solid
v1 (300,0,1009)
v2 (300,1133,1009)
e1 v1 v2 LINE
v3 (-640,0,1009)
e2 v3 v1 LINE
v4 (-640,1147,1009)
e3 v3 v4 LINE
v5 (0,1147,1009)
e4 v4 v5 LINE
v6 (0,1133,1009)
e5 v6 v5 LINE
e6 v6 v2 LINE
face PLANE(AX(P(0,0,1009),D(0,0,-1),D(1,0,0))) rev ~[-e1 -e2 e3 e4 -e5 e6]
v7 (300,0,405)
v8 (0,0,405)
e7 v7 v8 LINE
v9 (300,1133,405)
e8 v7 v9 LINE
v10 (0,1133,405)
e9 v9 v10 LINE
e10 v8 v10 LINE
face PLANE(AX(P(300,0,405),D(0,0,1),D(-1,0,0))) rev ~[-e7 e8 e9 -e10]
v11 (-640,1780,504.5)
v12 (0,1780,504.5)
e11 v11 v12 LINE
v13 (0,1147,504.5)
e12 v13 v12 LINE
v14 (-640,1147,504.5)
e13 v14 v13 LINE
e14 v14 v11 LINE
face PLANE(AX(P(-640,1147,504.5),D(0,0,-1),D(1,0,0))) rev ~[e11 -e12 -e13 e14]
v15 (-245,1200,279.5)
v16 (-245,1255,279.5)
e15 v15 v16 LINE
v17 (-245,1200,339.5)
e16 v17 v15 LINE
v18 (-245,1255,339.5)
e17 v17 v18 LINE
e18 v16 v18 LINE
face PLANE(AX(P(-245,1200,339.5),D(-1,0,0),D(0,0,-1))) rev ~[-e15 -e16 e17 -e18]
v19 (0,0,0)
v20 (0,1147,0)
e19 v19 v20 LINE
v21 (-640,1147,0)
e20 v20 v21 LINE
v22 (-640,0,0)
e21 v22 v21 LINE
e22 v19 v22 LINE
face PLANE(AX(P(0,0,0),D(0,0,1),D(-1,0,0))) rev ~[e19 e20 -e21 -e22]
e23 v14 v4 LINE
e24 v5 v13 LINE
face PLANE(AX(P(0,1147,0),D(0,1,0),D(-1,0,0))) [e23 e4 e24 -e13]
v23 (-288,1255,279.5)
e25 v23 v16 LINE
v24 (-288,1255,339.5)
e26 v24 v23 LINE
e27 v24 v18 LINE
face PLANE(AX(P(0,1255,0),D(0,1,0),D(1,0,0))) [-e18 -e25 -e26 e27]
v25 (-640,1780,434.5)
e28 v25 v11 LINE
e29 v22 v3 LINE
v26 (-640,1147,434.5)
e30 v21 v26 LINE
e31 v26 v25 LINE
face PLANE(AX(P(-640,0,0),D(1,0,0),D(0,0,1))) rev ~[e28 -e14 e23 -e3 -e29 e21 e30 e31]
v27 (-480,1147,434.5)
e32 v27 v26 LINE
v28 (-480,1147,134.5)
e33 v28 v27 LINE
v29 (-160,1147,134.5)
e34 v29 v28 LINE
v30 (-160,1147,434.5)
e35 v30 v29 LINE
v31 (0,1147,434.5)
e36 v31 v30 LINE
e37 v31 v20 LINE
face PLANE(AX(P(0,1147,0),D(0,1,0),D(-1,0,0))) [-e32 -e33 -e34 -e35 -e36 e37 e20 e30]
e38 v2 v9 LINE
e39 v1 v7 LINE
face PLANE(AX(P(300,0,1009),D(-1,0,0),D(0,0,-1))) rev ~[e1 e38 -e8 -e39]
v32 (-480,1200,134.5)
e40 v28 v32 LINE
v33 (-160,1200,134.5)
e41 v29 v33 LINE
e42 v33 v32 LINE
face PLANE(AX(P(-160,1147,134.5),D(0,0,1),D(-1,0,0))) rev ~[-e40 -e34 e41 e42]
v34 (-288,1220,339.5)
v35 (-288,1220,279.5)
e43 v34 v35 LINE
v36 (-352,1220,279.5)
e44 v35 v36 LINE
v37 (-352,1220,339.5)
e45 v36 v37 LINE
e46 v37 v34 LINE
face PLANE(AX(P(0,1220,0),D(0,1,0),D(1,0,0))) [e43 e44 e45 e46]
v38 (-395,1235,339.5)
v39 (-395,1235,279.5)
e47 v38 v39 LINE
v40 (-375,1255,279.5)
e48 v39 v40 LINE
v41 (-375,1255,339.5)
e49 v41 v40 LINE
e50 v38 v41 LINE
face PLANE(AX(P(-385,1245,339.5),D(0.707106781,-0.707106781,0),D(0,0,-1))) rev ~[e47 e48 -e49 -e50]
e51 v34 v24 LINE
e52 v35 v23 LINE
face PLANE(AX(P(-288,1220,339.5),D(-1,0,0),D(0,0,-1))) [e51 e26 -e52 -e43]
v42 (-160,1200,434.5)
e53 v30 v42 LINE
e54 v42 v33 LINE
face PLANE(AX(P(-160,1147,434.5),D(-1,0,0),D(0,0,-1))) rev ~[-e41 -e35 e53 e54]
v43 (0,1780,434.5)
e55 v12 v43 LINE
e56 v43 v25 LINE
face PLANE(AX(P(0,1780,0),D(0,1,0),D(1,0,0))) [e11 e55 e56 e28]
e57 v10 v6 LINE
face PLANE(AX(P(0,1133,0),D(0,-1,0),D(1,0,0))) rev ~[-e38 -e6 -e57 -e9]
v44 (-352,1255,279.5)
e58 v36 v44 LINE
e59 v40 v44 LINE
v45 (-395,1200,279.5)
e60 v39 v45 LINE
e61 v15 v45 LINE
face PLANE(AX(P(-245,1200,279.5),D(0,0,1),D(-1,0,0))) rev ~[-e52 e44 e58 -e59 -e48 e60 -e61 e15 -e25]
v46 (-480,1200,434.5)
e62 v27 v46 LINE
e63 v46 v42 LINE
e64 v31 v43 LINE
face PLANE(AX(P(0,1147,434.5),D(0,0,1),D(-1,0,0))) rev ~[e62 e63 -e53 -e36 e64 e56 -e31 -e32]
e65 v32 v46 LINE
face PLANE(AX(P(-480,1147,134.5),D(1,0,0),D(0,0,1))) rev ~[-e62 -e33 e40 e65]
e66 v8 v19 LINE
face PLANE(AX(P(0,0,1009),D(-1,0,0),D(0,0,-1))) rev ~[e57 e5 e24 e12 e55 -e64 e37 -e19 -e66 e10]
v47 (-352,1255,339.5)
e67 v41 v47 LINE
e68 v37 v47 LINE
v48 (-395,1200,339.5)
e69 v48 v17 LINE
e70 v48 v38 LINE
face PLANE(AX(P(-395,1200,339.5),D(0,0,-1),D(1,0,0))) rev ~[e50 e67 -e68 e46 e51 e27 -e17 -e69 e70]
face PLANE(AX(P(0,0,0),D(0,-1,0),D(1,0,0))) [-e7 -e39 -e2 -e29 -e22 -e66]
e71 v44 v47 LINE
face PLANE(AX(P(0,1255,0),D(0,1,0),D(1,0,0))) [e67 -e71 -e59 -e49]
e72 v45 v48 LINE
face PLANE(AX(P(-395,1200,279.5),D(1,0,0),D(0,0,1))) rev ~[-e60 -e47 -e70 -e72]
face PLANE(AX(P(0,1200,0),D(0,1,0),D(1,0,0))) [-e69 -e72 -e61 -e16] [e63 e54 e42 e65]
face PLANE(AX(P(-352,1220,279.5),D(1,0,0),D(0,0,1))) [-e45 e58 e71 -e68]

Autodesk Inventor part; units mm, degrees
ref_plane "YZ Plane" through (0, 0, 0) normal (1, 0, 0) x (0, 1, 0)
ref_plane "XZ Plane" through (0, 0, 0) normal (0, 1, 0) x (-1, 0, 0)
ref_plane "XY Plane" through (0, 0, 0) normal (0, 0, 1) x (1, 0, 0)
sketch "Boceto1" plane through (0, 0, 0) normal (0, 1, 0) x (-1, 0, 0)
  line L0 (0, 0) -> (640, 0)
  line L1 (640, 0) -> (640, 1009)
  line L2 (640, 1009) -> (0, 1009)
  line L3 (0, 1009) -> (0, 0)
  dimension "d0" = 640
  dimension "d1" = 1009
extrude "Extrusión1" add sketch "Boceto1" along normal blind 1147
sketch "Boceto2" plane through (0, 1147, 0) normal (0, 1, 0) x (1, 0, 0)
  line L0 (-640, 0) -> (-640, -1009) construction
  line L1 (-640, -1009) -> (0, -1009) construction
  line L2 (0, -1009) -> (0, 0) construction
  line L3 (0, 0) -> (-640, 0) construction
  line L4 (-640, 0) -> (-640, -1009) construction
  line L5 (-640, -1009) -> (-640, -504.5) construction
  line L6 (0, -1009) -> (0, 0) construction
  line L7 (-640, -504.5) -> (0, -504.5) construction
  line L8 (0, -504.5) -> (0, -434.5) construction
  line L9 (0, -434.5) -> (-640, -434.5) construction
  line L10 (-640, -434.5) -> (-640, -504.5) construction
  line L11 (0, -434.5) -> (-640, -434.5)
  line L12 (-640, -434.5) -> (-640, -504.5)
  line L13 (-640, -504.5) -> (0, -504.5)
  line L14 (0, -504.5) -> (0, -434.5)
  dimension "d4" = 504.5
  dimension "d5" = 70
  dimension "d6" = 70
extrude "Extrusión2" add sketch "Boceto2" along normal blind 633
sketch "Boceto3" plane through (0, 1147, 0) normal (0, 1, 0) x (1, 0, 0)
  line L0 (-640, -434.5) -> (0, -434.5) construction
  line L1 (0, -434.5) -> (0, 0) construction
  line L2 (0, 0) -> (-640, 0) construction
  line L3 (-640, 0) -> (-640, -434.5) construction
  line L4 (0, -434.5) -> (0, 0) construction
  line L5 (0, -434.5) -> (-160, -434.5) construction
  line L6 (0, -434.5) -> (-640, -434.5) construction
  line L7 (-640, -434.5) -> (-640, -504.5) construction
  line L8 (-640, -434.5) -> (-480, -434.5) construction
  line L9 (-480, -434.5) -> (-160, -434.5)
  line L10 (-160, -434.5) -> (-160, -134.5)
  line L11 (-160, -134.5) -> (-480, -134.5)
  line L12 (-480, -134.5) -> (-480, -434.5)
  dimension "d9" = 160
  dimension "d10" = 160
  dimension "d11" = 300
extrude "Extrusión3" add sketch "Boceto3" along normal blind 53
sketch "Boceto4" plane through (0, 1200, 0) normal (0, 1, 0) x (1, 0, 0)
  line L0 (-160, -434.5) -> (-480, -434.5) construction
  line L1 (-160, -434.5) -> (-160, -134.5) construction
  line L2 (-160, -134.5) -> (-480, -134.5) construction
  line L3 (-480, -134.5) -> (-480, -434.5) construction
  line L4 (0, -434.5) -> (-640, -434.5) construction
  line L5 (-320, -434.5) -> (-320, -309.5) construction
  circle A0 centre (-320, -309.5) radius 30 construction
  line L6 (-320, -309.5) -> (-395, -309.5) construction
  line L7 (-395, -309.5) -> (-395, -339.5) construction
  line L8 (-395, -339.5) -> (-320, -339.5) construction
  line L9 (-320, -339.5) -> (-320, -309.5) construction
  line L10 (-395, -339.5) -> (-245, -339.5)
  line L11 (-245, -339.5) -> (-245, -279.5)
  line L12 (-245, -279.5) -> (-395, -279.5)
  line L13 (-395, -279.5) -> (-395, -339.5)
  point P0 (0, 0)
  dimension "d14" = 125
  dimension "d15" = 60
  dimension "d16" = 75
  dimension "d17" = 30
  dimension "d18" = 150
  dimension "d19" = 60
extrude "Extrusión4" add sketch "Boceto4" along normal blind 20
sketch "Boceto5" plane through (0, 1220, 0) normal (0, 1, 0) x (1, 0, 0)
  line L0 (-245, -279.5) -> (-395, -279.5) construction
  line L1 (-395, -279.5) -> (-395, -339.5) construction
  line L2 (-395, -339.5) -> (-245, -339.5) construction
  line L3 (-245, -339.5) -> (-245, -279.5) construction
  circle A0 centre (-320, -309.5) radius 30 construction
  line L4 (-320, -309.5) -> (-352, -309.5) construction
  line L5 (-352, -309.5) -> (-288, -309.5) construction
  line L6 (-395, -339.5) -> (-245, -339.5) projected
  line L7 (-352, -339.5) -> (-395, -339.5)
  line L8 (-395, -339.5) -> (-395, -279.5)
  line L9 (-395, -279.5) -> (-352, -279.5)
  line L10 (-352, -279.5) -> (-352, -339.5)
  line L11 (-245, -279.5) -> (-245, -339.5) projected
  line L12 (-395, -279.5) -> (-245, -279.5) projected
  line L13 (-245, -339.5) -> (-288, -339.5)
  line L14 (-288, -339.5) -> (-288, -279.5)
  line L15 (-288, -279.5) -> (-245, -279.5)
  line L16 (-245, -279.5) -> (-245, -339.5)
  point P0 (0, 0)
  dimension "d22" = 60
  dimension "d23" = 32
  dimension "d24" = 64
extrude "Extrusión5" add sketch "Boceto5" along normal blind 35 contours L8 L9 L10 L6 | L14 L12 L11 L6
chamfer "Chaflán1" distance 20 angle 45 1 edges at (-395, 1255, 309.5)
sketch "Boceto6" plane through (0, 0, 0) normal (0, -1, 0) x (1, 0, 0)
  line L0 (-640, 0) -> (-640, 1009) construction
  line L1 (0, 0) -> (-640, 0) construction
  line L2 (0, 1009) -> (0, 0) construction
  line L3 (-640, 1009) -> (0, 1009) construction
  line L4 (-640, 1009) -> (0, 1009) projected
  line L5 (0, 1009) -> (300, 1009)
  line L6 (300, 1009) -> (300, 405)
  line L7 (300, 405) -> (0, 405)
  line L8 (0, 405) -> (0, 1009)
  dimension "d30" = 300
  dimension "d31" = 604
extrude "Extrusión6" add sketch "Boceto6" against normal blind 1133
sketch "Boceto7" plane through (0, 1220, 0) normal (0, 1, 0) x (1, 0, 0)
  line L0 (-352, -279.5) -> (-352, -339.5) projected
  line L1 (-352, -339.5) -> (-288, -339.5) projected
  line L2 (-288, -339.5) -> (-288, -279.5) projected
  line L3 (-288, -279.5) -> (-352, -279.5) projected
  circle A0 centre (-320, -309.5) radius 30
  point P0 (0, 0)
  dimension "d34" = 60
  dimension "d35" = 32
properties part number "CMM"
